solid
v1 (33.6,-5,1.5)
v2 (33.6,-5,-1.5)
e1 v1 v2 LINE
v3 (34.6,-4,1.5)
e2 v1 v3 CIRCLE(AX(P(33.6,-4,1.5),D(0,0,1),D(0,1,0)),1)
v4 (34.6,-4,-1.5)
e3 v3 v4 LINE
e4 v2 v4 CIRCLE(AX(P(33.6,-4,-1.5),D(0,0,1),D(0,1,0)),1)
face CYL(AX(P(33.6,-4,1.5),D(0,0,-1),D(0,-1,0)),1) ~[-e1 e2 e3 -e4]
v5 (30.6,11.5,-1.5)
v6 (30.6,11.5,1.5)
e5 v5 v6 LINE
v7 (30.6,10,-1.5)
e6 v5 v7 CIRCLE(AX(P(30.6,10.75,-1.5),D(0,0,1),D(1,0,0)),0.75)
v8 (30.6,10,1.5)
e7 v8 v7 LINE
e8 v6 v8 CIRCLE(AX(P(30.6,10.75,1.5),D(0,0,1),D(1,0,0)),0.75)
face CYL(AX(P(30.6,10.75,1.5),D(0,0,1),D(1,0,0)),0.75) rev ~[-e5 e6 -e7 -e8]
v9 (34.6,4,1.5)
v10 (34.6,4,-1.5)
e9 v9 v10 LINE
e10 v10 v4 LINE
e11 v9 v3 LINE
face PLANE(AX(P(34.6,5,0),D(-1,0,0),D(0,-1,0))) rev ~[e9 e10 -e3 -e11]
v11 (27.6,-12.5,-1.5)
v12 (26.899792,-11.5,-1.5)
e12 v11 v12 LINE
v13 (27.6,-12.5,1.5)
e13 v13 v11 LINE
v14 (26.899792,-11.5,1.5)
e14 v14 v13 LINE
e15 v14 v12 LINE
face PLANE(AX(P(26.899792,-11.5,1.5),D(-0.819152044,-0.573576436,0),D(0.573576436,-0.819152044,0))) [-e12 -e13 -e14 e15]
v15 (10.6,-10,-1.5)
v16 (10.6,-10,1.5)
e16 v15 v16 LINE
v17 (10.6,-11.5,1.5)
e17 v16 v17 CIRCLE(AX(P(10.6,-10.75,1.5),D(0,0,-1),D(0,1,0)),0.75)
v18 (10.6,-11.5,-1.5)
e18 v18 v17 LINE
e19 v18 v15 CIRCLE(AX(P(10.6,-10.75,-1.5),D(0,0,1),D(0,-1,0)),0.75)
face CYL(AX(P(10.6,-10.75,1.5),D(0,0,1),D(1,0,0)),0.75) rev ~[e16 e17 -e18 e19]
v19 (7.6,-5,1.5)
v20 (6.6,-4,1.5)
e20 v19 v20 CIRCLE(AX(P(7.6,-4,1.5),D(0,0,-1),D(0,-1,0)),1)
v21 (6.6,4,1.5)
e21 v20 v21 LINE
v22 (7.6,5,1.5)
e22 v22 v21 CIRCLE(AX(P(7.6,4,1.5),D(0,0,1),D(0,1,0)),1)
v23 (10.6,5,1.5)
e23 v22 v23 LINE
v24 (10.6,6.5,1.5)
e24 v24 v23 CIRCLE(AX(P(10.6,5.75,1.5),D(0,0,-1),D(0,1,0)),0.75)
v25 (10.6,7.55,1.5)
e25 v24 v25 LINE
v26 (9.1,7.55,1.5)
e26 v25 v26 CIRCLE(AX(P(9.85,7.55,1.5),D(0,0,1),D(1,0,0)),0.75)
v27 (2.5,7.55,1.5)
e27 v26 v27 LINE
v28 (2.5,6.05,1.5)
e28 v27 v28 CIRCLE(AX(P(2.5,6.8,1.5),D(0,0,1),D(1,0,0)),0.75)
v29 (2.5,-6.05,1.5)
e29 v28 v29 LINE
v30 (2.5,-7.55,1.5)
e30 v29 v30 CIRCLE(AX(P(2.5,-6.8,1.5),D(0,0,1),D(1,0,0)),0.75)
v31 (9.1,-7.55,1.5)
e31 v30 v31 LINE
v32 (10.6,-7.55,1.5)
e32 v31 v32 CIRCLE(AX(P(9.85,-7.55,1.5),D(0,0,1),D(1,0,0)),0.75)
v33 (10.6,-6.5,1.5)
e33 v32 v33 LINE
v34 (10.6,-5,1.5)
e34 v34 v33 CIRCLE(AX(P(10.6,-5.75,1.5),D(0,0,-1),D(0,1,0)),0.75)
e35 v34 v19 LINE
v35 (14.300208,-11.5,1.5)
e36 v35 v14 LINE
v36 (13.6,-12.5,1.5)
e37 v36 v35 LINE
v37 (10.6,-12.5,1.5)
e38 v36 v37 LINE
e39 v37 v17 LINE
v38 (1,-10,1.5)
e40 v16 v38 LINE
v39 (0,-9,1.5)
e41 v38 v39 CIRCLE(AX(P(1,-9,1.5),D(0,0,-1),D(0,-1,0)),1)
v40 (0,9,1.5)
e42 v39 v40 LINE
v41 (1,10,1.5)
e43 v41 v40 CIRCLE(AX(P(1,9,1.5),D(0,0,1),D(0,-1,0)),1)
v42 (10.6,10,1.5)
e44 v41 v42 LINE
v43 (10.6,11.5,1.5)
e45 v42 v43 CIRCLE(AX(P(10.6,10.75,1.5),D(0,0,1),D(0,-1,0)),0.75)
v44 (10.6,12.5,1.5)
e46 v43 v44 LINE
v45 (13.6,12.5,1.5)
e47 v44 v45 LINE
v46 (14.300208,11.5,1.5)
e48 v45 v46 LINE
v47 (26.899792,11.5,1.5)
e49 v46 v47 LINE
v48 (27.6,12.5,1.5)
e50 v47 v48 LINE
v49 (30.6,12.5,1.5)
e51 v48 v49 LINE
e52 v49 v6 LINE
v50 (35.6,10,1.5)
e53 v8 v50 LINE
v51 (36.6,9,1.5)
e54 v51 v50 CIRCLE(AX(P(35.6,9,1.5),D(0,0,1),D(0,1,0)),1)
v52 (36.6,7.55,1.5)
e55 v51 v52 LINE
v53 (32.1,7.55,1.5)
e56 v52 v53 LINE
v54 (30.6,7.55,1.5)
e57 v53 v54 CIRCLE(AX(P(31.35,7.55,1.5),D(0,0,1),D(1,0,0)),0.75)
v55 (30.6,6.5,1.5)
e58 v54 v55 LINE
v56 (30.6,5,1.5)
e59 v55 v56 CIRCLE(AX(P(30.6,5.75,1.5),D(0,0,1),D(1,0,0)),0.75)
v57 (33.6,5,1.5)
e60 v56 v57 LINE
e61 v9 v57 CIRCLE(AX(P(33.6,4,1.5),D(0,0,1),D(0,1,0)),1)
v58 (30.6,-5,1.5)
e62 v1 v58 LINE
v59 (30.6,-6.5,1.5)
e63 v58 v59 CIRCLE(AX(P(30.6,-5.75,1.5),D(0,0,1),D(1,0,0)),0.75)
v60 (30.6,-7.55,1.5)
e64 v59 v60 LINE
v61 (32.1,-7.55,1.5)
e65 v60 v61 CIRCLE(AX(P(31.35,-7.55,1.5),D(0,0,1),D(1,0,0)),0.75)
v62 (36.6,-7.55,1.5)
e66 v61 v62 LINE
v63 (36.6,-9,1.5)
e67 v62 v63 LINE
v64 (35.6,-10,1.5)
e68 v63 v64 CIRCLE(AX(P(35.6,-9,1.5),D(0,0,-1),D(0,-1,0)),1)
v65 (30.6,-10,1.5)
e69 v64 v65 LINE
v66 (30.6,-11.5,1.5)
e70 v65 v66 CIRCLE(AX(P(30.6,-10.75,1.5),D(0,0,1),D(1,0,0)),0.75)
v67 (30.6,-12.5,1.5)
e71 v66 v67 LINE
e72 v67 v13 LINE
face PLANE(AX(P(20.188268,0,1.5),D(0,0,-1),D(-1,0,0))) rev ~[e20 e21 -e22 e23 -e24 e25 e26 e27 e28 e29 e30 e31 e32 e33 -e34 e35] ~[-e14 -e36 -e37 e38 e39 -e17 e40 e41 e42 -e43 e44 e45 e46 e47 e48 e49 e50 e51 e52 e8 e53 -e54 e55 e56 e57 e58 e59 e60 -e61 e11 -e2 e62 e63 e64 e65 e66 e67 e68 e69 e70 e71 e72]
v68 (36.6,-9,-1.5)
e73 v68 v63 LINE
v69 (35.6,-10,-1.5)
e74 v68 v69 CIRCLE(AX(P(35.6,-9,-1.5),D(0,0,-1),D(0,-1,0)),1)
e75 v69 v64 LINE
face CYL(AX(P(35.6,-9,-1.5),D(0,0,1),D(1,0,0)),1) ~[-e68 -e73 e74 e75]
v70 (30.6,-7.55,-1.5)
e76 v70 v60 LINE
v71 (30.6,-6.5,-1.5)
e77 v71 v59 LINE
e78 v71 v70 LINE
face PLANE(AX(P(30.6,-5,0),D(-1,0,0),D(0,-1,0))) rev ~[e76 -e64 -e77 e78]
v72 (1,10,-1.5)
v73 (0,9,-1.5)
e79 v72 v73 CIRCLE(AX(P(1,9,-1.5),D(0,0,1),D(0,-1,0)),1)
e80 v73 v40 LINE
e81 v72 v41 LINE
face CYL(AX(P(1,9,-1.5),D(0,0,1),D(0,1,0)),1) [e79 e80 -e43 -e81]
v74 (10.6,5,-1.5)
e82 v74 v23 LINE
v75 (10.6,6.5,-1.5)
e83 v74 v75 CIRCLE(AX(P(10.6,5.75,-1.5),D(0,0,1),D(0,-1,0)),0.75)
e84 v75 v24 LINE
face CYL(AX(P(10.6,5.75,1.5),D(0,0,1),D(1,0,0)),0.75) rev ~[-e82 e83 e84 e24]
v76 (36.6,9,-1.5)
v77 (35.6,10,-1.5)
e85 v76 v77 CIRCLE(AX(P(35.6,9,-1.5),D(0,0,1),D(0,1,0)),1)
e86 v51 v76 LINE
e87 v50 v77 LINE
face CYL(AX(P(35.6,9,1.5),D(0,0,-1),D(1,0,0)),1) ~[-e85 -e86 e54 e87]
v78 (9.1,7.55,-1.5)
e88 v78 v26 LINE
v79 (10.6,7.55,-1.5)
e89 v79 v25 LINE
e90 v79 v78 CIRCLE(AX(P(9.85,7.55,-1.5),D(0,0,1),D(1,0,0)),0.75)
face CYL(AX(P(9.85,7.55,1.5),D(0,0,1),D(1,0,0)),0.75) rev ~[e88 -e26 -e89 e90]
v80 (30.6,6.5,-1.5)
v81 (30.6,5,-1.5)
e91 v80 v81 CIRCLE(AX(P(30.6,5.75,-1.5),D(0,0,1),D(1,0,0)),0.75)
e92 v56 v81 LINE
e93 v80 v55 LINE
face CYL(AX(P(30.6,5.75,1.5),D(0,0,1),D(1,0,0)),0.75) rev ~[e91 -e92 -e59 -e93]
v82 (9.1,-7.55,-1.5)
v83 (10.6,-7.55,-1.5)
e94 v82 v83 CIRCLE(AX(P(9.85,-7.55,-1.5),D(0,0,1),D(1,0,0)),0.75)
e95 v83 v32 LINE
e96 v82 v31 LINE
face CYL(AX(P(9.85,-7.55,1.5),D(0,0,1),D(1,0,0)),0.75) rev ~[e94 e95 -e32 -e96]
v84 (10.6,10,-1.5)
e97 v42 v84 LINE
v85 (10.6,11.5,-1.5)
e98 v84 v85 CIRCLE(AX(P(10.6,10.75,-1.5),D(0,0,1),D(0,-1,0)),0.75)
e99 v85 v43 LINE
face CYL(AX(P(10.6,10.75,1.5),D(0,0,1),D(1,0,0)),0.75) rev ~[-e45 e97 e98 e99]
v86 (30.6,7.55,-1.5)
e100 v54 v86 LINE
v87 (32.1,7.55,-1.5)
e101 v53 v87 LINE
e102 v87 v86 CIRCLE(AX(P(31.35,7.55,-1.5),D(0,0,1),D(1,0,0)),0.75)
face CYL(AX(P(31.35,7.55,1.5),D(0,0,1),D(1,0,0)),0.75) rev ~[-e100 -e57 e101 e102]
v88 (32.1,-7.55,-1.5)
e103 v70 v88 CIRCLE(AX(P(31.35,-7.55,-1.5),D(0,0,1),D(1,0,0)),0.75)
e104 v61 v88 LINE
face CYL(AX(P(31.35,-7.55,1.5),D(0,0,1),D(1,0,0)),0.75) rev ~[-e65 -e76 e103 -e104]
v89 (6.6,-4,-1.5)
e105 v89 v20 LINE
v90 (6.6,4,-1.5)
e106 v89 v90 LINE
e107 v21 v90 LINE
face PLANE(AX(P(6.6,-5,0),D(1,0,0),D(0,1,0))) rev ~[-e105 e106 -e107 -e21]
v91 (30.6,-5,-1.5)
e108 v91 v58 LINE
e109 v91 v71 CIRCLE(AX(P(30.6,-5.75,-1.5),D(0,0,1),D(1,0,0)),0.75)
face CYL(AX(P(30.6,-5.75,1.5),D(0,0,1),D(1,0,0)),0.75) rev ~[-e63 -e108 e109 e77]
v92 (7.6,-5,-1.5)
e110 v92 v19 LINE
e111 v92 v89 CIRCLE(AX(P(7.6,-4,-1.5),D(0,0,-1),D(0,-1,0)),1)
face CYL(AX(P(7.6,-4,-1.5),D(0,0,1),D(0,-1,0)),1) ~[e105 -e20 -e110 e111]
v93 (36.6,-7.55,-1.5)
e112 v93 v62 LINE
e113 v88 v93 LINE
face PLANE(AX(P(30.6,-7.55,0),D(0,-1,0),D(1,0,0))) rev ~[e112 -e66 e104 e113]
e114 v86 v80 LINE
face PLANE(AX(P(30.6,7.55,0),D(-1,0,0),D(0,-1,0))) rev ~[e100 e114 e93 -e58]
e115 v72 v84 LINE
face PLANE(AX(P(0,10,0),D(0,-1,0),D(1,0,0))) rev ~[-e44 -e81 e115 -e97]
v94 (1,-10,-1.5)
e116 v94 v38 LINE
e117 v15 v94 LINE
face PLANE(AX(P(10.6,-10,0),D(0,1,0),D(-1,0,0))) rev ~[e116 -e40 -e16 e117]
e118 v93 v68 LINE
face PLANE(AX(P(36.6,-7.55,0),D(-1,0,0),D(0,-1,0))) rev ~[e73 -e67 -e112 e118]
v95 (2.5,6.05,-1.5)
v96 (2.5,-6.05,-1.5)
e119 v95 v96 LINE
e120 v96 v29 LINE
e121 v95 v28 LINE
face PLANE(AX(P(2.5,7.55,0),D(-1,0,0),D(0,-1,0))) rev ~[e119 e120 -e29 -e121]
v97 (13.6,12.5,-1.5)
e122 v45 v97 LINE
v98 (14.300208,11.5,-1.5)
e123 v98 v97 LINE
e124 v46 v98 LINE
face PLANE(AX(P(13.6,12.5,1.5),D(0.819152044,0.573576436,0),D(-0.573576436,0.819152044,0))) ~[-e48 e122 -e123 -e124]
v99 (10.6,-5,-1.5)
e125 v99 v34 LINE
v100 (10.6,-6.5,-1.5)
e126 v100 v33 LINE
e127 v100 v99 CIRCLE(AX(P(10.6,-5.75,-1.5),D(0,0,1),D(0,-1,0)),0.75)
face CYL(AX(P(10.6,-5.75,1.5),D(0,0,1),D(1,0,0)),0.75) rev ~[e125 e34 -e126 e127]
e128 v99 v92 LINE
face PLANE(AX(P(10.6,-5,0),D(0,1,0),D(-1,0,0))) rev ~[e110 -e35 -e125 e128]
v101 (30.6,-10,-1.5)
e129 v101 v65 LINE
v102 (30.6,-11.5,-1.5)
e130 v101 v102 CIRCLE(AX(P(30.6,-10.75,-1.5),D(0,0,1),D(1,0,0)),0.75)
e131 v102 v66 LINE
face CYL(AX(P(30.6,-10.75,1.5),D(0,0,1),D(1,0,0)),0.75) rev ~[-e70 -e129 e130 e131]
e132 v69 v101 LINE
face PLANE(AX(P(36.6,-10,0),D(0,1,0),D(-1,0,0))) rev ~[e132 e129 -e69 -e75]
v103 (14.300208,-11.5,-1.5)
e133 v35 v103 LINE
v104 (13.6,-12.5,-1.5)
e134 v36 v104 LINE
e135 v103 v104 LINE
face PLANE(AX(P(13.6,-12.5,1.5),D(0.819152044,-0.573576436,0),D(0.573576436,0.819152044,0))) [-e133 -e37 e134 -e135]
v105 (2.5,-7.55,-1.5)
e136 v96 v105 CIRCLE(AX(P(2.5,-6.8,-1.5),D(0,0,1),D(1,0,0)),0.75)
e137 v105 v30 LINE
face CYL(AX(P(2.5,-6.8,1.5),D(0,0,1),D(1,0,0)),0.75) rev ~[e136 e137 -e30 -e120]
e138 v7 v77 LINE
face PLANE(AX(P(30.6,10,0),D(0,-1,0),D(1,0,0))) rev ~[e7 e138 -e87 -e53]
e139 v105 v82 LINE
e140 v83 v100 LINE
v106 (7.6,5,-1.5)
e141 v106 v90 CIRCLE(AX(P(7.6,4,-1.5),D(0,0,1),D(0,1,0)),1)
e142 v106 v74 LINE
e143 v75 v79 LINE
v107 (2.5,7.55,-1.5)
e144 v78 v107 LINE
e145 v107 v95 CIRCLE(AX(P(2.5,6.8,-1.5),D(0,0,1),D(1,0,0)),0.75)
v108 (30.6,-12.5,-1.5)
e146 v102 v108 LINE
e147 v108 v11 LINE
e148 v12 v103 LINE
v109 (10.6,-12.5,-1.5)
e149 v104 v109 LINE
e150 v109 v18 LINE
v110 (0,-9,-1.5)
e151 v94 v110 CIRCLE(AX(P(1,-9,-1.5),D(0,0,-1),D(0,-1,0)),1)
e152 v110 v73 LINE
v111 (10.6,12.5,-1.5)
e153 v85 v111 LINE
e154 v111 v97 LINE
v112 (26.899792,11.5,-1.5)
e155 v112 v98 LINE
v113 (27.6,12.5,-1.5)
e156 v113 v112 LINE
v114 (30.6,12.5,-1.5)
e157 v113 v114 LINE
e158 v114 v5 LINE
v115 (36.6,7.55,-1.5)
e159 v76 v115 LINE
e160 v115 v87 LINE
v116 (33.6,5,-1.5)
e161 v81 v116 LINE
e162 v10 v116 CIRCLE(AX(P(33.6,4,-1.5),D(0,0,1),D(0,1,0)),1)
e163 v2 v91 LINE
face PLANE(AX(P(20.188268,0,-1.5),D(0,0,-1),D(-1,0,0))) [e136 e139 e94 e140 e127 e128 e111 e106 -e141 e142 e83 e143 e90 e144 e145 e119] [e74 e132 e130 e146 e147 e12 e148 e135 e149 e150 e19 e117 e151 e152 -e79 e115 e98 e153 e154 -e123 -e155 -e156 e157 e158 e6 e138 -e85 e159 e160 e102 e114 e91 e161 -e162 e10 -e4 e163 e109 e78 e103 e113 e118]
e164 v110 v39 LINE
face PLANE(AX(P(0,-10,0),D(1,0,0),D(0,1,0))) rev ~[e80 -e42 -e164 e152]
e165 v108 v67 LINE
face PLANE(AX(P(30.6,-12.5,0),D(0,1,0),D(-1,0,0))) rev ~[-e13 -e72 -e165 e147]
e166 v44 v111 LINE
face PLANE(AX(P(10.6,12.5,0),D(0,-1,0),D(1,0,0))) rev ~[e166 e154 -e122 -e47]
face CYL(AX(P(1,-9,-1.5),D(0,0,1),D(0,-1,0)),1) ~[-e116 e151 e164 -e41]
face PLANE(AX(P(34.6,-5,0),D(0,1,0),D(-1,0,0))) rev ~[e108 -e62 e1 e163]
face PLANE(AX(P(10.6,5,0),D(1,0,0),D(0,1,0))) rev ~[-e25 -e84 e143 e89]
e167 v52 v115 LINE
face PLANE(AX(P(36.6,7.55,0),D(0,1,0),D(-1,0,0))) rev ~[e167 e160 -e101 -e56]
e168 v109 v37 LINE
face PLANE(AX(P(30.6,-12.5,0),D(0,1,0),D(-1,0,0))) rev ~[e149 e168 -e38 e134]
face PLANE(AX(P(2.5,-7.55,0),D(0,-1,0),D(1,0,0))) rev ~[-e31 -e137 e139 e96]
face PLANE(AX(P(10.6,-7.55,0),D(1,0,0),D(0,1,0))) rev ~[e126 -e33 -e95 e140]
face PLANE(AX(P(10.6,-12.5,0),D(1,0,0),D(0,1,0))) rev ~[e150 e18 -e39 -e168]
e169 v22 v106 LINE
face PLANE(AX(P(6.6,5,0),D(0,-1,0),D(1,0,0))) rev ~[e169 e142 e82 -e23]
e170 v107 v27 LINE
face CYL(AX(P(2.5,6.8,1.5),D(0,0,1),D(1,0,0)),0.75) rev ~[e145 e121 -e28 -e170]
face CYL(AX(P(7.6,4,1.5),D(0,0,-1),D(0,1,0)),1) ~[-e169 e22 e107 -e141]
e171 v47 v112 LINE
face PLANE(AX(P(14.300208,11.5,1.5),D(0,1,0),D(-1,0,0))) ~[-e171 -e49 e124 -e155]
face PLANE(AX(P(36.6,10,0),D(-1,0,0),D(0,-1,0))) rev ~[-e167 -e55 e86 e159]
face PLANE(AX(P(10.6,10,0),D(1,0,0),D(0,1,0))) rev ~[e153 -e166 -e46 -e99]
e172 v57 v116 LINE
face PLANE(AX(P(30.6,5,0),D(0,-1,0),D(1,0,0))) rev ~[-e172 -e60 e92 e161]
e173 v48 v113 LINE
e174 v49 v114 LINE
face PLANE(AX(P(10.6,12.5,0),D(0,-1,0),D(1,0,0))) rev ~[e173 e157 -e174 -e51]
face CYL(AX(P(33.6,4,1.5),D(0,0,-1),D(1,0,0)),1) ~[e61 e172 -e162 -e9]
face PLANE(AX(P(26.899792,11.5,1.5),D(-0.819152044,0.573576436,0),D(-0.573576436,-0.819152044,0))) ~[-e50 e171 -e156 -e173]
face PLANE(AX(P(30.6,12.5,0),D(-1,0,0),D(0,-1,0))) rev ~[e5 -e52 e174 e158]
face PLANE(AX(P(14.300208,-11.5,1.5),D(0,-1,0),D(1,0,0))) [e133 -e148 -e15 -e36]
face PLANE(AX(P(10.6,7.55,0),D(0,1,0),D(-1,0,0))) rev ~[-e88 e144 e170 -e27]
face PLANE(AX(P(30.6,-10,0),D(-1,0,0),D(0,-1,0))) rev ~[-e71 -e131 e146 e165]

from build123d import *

# Parameters (mm, degrees)
EXTRUDE_1_DEPTH     = 1.5
FILLET_1_R          = 1
SKETCH_3_R          = 0.75
CUT_EXTRUDE_1_DEPTH = 4
SKETCH_4_R          = 0.75
CUT_EXTRUDE_2_DEPTH = 4
SKETCH_5_R          = 0.75
CUT_EXTRUDE_3_DEPTH = 4
CUT_EXTRUDE_6_DEPTH = 4


with BuildPart() as part:
    # 草图1 → 凸台-拉伸1 (new body, symmetric)
    with BuildSketch(Plane.XY):
        Polygon((0, 10), (10.6, 10), (10.6, 12.5), (30.6, 12.5), (30.6, 10), (36.6, 10), (36.6, 7.55), (30.6, 7.55), (30.6, 5), (34.6, 5), (34.6, -5), (30.6, -5), (30.6, -7.55), (36.6, -7.55), (36.6, -10), (30.6, -10), (30.6, -12.5), (10.6, -12.5), (10.6, -10), (0, -10), align=None)
        Polygon((6.6, 5), (10.6, 5), (10.6, 7.55), (2.5, 7.55), (2.5, -7.55), (10.6, -7.55), (10.6, -5), (6.6, -5), align=None, mode=Mode.SUBTRACT)
    extrude(amount=EXTRUDE_1_DEPTH, both=True)

    # 圆角1
    fillet_1_edges = [part.edges().sort_by_distance(p)[0] for p in [
        (0, 10, 0),
        (36.6, 10, 0),
        (34.6, 5, 0),
        (34.6, -5, 0),
        (36.6, -10, 0),
        (0, -10, 0),
        (6.6, -5, 0),
        (6.6, 5, 0),
    ]]
    fillet(fillet_1_edges, radius=FILLET_1_R)

    # 草图3 → 切除-拉伸1 (cut, through all)
    with BuildSketch(Plane.XY.offset(1.5)):
        with Locations((9.85, 7.55)):
            Circle(SKETCH_3_R)
        with Locations((9.85, -7.55)):
            Circle(SKETCH_3_R)
        with Locations((31.35, 7.55)):
            Circle(SKETCH_3_R)
        with Locations((30.6, 5.75)):
            Circle(SKETCH_3_R)
        with Locations((30.6, -5.75)):
            Circle(SKETCH_3_R)
        with Locations((31.35, -7.55)):
            Circle(SKETCH_3_R)
        with Locations((10.6, 5.75)):
            Circle(SKETCH_3_R)
        with Locations((10.6, -5.75)):
            Circle(SKETCH_3_R)
    extrude(amount=-CUT_EXTRUDE_1_DEPTH, mode=Mode.SUBTRACT)

    # 草图4 → 切除-拉伸2 (cut, through all)
    with BuildSketch(Plane.XY.offset(1.5)):
        with Locations((10.6, 10.75)):
            Circle(SKETCH_4_R)
        with Locations((30.6, 10.75)):
            Circle(SKETCH_4_R)
        with Locations((10.6, -10.75)):
            Circle(SKETCH_4_R)
        with Locations((30.6, -10.75)):
            Circle(SKETCH_4_R)
    extrude(amount=-CUT_EXTRUDE_2_DEPTH, mode=Mode.SUBTRACT)

    # 草图5 → 切除-拉伸3 (cut, through all)
    with BuildSketch(Plane.XY.offset(1.5)):
        with Locations((2.5, 6.8)):
            Circle(SKETCH_5_R)
        with Locations((2.5, -6.8)):
            Circle(SKETCH_5_R)
    extrude(amount=-CUT_EXTRUDE_3_DEPTH, mode=Mode.SUBTRACT)

    # 草图8 → 切除-拉伸6 (cut, through all)
    with BuildSketch(Plane.XY.offset(1.5)):
        Polygon((13.6, -12.5), (14.300207538, -11.5), (26.899792462, -11.5), (27.6, -12.5), align=None)
    cut_extrude_6 = extrude(amount=-CUT_EXTRUDE_6_DEPTH, mode=Mode.SUBTRACT)

    # 镜向2: 切除-拉伸6 across plane
    add(cut_extrude_6.mirror(Plane.ZX), mode=Mode.SUBTRACT)


solid = part.part
